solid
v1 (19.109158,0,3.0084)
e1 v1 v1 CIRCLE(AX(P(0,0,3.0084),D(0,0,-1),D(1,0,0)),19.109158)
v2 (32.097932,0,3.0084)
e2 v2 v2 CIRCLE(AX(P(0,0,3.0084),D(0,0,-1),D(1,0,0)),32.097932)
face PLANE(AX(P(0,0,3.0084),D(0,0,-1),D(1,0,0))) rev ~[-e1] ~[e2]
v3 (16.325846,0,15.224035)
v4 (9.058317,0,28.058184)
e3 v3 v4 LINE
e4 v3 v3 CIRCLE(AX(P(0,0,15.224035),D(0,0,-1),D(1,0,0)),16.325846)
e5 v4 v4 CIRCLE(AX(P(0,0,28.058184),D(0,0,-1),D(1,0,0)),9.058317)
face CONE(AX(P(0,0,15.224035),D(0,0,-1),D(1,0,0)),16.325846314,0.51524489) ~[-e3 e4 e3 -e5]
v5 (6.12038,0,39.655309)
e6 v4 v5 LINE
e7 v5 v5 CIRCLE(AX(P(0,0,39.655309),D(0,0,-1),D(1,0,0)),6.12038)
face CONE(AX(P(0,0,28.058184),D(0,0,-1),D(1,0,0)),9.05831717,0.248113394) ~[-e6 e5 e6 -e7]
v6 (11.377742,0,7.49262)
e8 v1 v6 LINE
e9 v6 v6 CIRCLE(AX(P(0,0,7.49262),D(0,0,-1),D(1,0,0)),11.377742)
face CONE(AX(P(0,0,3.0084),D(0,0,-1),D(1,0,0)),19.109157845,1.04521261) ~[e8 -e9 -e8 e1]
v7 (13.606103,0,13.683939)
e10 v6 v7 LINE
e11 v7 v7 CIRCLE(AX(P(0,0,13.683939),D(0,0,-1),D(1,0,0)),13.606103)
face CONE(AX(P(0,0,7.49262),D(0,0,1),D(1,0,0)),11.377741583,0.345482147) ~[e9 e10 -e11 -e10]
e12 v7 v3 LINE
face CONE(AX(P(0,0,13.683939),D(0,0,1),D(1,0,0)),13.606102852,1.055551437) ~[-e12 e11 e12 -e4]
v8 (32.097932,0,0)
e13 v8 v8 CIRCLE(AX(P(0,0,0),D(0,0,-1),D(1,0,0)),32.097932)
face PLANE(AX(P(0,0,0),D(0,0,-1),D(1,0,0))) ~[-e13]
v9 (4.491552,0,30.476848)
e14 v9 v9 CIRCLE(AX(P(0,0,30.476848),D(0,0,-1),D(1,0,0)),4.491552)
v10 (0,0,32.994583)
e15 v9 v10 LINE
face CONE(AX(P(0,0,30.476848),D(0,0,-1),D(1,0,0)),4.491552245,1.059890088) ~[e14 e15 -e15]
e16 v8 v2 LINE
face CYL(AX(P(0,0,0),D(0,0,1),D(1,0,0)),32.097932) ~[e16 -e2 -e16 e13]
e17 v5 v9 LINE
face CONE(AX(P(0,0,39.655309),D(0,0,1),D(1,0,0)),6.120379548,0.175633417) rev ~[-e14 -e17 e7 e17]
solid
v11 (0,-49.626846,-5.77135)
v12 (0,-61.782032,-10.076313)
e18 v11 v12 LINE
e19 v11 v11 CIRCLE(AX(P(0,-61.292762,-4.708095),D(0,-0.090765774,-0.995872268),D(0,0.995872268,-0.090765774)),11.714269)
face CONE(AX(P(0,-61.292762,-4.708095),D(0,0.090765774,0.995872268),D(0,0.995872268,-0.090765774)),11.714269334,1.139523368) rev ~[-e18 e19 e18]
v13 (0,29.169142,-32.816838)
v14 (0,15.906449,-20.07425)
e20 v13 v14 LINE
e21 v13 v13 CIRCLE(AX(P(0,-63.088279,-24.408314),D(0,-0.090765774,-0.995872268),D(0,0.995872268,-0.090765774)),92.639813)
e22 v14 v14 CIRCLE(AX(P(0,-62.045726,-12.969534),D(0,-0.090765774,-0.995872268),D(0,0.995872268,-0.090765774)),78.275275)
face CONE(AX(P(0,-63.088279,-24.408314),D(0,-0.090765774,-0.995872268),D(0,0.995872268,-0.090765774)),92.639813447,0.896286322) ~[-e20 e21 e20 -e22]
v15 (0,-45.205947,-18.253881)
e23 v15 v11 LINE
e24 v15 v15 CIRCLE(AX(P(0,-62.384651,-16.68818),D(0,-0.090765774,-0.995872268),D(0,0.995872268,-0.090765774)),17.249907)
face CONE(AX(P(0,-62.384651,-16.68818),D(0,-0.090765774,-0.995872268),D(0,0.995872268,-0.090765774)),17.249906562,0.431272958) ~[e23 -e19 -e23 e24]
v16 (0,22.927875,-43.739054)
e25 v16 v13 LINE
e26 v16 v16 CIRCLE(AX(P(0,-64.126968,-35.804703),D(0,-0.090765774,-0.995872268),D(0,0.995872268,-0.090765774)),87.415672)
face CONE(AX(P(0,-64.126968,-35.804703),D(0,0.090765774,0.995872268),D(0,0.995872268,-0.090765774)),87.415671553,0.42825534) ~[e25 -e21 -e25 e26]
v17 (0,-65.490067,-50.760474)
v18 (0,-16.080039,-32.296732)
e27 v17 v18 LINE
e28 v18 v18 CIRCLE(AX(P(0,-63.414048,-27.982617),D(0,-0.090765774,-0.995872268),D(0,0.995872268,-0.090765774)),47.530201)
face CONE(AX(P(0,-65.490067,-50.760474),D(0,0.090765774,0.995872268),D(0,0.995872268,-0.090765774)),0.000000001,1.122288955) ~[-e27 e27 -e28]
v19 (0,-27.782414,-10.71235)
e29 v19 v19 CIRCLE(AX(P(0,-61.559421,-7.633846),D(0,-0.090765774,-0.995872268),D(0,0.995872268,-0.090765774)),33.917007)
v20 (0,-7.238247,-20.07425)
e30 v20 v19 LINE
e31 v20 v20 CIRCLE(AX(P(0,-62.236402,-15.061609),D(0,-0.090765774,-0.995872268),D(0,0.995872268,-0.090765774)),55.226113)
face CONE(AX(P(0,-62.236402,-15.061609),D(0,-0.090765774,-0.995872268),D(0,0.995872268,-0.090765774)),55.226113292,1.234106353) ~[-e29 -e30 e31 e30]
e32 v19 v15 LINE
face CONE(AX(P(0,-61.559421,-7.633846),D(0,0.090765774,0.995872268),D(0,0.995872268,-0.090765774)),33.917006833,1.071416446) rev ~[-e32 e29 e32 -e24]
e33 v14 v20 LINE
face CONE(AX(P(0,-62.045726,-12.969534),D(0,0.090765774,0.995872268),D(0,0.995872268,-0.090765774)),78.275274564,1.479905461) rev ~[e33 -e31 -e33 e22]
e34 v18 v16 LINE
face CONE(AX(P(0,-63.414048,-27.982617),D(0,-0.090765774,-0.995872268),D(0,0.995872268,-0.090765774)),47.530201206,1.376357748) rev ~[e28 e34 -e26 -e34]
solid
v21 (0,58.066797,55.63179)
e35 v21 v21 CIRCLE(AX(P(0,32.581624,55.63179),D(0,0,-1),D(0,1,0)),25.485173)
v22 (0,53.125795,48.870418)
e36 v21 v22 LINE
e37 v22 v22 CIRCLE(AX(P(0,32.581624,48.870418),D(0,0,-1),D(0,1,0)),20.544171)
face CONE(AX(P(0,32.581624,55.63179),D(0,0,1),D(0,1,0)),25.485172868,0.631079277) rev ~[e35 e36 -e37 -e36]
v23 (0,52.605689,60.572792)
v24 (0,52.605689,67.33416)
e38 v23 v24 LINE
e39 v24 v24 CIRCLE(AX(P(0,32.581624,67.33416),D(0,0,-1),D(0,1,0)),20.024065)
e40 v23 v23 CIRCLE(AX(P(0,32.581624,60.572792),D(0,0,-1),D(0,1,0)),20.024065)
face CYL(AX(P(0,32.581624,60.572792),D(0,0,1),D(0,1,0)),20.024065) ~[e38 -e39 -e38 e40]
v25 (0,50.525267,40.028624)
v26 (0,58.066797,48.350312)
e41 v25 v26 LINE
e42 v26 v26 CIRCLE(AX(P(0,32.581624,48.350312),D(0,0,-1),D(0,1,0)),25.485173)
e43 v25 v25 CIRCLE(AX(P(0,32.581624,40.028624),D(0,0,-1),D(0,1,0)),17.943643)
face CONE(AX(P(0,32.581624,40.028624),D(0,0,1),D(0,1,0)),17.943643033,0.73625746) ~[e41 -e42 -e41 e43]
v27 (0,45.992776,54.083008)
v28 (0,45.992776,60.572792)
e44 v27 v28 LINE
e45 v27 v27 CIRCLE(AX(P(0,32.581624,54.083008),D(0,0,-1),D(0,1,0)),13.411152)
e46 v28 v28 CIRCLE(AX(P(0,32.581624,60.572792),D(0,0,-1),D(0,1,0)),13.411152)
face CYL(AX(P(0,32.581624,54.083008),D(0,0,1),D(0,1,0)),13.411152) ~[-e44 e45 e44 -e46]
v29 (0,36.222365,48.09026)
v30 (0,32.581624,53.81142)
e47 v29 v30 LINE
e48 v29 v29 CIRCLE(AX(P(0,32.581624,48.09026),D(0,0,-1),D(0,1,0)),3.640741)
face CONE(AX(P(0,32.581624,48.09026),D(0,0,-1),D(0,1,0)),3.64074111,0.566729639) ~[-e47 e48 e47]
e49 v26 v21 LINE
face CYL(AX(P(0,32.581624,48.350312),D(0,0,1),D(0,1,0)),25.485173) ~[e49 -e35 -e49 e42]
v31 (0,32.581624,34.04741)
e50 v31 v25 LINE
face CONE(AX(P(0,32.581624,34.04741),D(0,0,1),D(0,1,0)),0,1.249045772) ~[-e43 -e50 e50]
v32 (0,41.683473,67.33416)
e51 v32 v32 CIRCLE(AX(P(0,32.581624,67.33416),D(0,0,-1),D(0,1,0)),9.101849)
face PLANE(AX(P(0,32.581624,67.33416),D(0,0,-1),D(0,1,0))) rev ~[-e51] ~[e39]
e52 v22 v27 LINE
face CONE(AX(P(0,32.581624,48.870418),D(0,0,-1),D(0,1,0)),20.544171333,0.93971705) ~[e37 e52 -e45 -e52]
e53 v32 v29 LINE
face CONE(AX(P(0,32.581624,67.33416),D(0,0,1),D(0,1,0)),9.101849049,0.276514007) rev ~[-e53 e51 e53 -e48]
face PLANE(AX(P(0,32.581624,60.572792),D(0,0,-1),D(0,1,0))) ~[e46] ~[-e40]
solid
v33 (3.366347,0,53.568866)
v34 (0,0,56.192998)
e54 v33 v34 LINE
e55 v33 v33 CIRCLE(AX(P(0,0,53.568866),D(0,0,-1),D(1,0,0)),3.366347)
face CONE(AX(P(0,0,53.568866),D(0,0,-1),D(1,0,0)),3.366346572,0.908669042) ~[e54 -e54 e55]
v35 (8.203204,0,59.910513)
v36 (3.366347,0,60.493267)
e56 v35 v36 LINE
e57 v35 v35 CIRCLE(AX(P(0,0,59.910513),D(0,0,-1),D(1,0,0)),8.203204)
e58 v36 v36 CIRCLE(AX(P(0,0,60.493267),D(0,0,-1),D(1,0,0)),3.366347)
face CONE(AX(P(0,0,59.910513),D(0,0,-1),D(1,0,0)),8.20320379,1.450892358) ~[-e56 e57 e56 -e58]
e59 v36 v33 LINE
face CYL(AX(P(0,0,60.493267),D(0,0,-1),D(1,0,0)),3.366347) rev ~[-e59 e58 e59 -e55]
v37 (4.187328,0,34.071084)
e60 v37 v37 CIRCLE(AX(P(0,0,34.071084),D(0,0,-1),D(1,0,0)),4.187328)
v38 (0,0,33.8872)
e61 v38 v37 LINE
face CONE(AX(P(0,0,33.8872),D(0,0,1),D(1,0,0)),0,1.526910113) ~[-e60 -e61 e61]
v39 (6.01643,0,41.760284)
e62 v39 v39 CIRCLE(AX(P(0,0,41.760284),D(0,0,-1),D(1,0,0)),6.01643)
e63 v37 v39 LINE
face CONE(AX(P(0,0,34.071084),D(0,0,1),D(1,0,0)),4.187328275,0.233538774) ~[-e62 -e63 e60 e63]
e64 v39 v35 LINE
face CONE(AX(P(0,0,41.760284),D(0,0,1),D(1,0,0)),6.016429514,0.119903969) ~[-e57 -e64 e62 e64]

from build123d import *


with BuildPart() as f1:
    # F0 (on Front) → F1 (revolve)
    with BuildSketch(Plane.XZ):
        Polygon((9.0583171695, 28.0581843108), (6.1203795485, 39.6553091705), (4.4915522449, 30.4768476635), (0, 32.9945832491), (0, 0), (32.0979319513, 0), (32.0979319513, 3.0083998572), (19.1091578454, 3.0083998572), (11.3777415827, 7.4926204979), (13.6061028525, 13.6839394666), (16.3258463144, 15.224034898), align=None)
    revolve(axis=Axis((0, 0, 16.4972916245), (0, 0, -1)))


with BuildPart() as f3:
    # F2 (on Front) → F3 (revolve)
    with BuildSketch(Plane.XZ):
        Polygon((3.3663465721, 53.5688661039), (0, 56.192997843), (0, 33.8872000575), (4.1873282753, 34.0710841119), (6.0164295137, 41.7602844536), (8.2032037899, 59.9105134606), (3.3663465721, 60.4932672616), align=None)
    revolve(axis=Axis((0, 0, 45.0400989503), (0, 0, -1)))


with BuildPart() as f5:
    # F4 (on Right) → F5 (revolve)
    with BuildSketch(Plane.YZ):
        Polygon((36.2223647535, 48.0902604759), (32.5816236436, 53.8114197552), (32.5816236436, 34.0474098921), (50.5252666771, 40.0286242366), (58.0667965114, 48.3503118157), (58.0667965114, 55.6317903101), (53.1257949769, 48.8704182208), (45.9927759263, 54.0830078562), (45.9927759263, 60.5727918446), (52.6056885719, 60.5727918446), (52.6056885719, 67.3341602087), (41.683472693, 67.3341602087), align=None)
    revolve(axis=Axis((0, 32.5816236436, 43.9294148237), (0, 0, -1)))


with BuildPart() as f7:
    # F6 (on Right) → F7 (revolve)
    with BuildSketch(Plane.YZ):
        Polygon((-27.7824141085, -10.7123497874), (-45.2059470117, -18.2538814843), (-49.6268458664, -5.7713496499), (-61.7820319216, -10.0763134844), (-65.4900670052, -50.760474056), (-16.080038622, -32.2967320681), (22.9278746992, -43.739054352), (29.1691422462, -32.8168384731), (15.9064494073, -20.0742501765), (-7.2382469662, -20.0742501765), align=None)
    revolve(axis=Axis((0, -63.6360494634, -30.4183937702), (0, -0.0907657736, -0.9958722681)))


solid = Compound([f1.part, f3.part, f5.part, f7.part])
